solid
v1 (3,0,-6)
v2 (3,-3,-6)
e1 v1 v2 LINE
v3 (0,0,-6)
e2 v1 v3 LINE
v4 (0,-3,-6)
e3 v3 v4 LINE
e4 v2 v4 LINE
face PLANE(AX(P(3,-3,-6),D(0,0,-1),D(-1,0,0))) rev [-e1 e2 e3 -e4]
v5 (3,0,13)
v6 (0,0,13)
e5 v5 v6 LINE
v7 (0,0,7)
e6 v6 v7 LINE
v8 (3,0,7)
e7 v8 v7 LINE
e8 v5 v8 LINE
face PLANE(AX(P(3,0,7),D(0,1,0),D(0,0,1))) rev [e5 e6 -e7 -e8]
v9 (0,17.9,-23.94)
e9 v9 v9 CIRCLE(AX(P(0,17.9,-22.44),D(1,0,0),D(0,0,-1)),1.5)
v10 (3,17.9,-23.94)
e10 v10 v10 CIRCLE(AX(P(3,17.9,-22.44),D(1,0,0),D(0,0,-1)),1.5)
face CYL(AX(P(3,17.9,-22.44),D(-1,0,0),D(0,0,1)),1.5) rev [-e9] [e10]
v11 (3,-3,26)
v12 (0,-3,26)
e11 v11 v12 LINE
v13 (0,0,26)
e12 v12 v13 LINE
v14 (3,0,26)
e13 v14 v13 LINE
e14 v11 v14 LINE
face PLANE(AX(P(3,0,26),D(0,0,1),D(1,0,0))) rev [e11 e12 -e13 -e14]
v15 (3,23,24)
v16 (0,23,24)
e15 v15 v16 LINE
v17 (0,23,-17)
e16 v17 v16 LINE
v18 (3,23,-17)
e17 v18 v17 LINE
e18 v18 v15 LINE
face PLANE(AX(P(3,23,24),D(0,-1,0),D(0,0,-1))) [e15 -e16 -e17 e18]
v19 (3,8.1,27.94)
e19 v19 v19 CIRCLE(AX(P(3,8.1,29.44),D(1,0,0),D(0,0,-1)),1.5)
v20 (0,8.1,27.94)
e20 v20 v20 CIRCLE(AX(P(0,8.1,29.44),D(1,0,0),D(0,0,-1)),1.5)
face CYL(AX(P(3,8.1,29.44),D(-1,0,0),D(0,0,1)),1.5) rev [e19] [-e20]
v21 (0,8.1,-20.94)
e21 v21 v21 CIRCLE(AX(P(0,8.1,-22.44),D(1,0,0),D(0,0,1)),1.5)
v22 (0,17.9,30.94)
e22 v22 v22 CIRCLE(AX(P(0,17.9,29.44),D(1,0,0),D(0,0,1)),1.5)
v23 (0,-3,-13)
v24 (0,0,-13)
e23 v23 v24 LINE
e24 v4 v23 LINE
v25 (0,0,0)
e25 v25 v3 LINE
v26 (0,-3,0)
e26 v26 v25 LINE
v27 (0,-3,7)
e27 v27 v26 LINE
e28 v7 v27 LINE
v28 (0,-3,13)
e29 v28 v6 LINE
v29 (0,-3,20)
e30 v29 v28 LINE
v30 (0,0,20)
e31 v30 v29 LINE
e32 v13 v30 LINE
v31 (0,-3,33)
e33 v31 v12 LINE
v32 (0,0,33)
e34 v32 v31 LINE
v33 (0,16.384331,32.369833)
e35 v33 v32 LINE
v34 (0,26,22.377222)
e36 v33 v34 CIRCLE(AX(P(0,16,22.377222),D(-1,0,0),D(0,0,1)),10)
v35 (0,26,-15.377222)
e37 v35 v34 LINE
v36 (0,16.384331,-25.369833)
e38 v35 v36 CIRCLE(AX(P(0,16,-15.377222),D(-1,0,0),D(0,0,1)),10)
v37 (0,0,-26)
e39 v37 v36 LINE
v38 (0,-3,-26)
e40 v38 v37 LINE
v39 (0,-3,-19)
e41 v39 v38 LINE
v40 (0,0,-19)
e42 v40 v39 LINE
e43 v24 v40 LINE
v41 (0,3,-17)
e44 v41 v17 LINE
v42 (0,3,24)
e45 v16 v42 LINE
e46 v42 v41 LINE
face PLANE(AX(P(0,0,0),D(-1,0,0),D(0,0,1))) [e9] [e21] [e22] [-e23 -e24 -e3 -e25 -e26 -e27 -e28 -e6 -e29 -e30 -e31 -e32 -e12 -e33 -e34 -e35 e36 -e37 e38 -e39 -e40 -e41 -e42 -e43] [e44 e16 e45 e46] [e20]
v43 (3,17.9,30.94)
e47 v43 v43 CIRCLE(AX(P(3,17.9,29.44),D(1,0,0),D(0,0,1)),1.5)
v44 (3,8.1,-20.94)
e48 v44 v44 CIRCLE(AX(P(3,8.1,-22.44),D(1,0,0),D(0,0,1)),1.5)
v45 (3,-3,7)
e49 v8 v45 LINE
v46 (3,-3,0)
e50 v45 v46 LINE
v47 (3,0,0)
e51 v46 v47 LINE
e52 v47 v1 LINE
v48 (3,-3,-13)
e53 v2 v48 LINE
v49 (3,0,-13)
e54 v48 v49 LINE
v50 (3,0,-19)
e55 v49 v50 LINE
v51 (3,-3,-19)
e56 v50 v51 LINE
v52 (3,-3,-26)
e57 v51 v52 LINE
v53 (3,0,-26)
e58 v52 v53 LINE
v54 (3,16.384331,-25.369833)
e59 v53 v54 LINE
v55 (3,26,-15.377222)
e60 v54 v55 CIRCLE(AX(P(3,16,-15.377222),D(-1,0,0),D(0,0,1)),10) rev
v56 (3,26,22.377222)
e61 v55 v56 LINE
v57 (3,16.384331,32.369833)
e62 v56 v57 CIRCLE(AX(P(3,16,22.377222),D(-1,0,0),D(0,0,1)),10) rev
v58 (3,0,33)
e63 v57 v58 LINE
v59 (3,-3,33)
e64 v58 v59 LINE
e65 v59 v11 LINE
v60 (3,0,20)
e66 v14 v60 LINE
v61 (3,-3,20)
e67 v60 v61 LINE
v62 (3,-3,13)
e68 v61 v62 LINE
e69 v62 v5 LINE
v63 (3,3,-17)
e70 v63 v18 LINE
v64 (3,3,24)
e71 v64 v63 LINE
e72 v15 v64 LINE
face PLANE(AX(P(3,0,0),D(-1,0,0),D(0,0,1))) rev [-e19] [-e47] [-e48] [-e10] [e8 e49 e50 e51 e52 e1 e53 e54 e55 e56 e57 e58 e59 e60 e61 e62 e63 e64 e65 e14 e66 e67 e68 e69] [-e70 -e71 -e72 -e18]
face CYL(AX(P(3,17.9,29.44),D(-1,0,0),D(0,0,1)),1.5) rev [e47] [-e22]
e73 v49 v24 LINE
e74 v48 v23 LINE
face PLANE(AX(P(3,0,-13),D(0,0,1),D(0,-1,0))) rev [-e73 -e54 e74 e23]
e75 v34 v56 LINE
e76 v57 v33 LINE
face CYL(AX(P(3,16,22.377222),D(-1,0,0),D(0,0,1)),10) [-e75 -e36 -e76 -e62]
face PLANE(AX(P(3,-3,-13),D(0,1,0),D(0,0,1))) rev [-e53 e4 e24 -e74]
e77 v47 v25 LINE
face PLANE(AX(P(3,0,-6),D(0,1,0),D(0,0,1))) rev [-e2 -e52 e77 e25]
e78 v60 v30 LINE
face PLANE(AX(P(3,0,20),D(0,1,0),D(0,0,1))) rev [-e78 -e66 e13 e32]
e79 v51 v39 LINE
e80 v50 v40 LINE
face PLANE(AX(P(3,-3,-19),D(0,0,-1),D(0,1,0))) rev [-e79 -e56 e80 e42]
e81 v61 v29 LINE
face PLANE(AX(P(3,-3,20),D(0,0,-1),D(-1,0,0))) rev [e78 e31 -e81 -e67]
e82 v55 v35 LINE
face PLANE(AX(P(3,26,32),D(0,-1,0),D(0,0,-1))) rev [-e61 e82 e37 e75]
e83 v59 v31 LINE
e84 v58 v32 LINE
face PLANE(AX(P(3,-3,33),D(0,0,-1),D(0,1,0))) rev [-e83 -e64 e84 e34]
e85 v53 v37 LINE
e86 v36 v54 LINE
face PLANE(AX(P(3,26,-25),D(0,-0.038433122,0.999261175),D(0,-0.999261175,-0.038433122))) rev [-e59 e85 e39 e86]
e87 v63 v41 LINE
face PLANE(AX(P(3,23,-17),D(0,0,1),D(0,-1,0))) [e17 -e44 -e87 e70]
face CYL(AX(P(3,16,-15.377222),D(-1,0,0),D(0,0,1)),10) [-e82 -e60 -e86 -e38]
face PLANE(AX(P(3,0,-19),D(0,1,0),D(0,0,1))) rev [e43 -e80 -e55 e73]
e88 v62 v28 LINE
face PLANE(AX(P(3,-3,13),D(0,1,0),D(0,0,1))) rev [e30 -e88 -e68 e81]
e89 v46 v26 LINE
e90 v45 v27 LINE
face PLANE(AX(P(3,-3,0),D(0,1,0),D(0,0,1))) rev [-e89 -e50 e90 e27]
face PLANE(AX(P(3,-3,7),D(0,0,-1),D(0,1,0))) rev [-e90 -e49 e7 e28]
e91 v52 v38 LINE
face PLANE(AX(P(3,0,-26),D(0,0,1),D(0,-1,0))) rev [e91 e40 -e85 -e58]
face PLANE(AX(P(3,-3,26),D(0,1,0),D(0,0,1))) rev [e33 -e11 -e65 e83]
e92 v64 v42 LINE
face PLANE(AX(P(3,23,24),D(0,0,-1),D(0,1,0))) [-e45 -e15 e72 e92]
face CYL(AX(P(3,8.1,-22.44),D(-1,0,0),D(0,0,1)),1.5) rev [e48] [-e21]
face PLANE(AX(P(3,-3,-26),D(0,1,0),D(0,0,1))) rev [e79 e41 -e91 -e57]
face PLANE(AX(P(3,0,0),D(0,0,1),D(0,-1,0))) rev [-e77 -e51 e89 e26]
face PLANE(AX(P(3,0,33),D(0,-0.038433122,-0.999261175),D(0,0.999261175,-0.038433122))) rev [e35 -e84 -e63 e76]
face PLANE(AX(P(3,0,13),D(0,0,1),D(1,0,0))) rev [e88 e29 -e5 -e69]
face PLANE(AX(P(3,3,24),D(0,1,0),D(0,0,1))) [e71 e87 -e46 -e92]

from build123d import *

# Parameters (mm, degrees)
SKETCH1_R           = 1.5
SKETCH1_W           = 41
SKETCH1_H           = 20
BOSS_EXTRUDE1_DEPTH = 3
FILLET1_R           = 10


with BuildPart() as part:
    # Sketch1 → Boss-Extrude1 (new body)
    with BuildSketch(Plane(origin=(0, 0, 0), x_dir=(0, 0, -1), z_dir=(1, 0, 0))):
        Polygon((-33, 0), (-32, 26), (25, 26), (26, 0), (26, -3), (19, -3), (19, 0), (13, 0), (13, -3), (6, -3), (6, 0), (0, 0), (0, -3), (-7, -3), (-7, 0), (-13, 0), (-13, -3), (-20, -3), (-20, 0), (-26, 0), (-26, -3), (-33, -3), align=None)
        with Locations((22.44, 17.9)):
            Circle(SKETCH1_R, mode=Mode.SUBTRACT)
        with Locations(Location((22.44, 8.1, 0), (0, 0, 180))):
            Circle(SKETCH1_R, mode=Mode.SUBTRACT)
        with Locations(Location((-29.44, 17.9, 0), (0, 0, 180))):
            Circle(SKETCH1_R, mode=Mode.SUBTRACT)
        with Locations((-29.44, 8.1)):
            Circle(SKETCH1_R, mode=Mode.SUBTRACT)
        with Locations((-3.5, 13)):
            Rectangle(SKETCH1_W, SKETCH1_H, mode=Mode.SUBTRACT)
    extrude(amount=BOSS_EXTRUDE1_DEPTH)

    # Fillet1
    fillet1_edges = [part.edges().sort_by_distance(p)[0] for p in [
        (1.5, 26, 32),
        (1.5, 26, -25),
    ]]
    fillet(fillet1_edges, radius=FILLET1_R)


solid = part.part
